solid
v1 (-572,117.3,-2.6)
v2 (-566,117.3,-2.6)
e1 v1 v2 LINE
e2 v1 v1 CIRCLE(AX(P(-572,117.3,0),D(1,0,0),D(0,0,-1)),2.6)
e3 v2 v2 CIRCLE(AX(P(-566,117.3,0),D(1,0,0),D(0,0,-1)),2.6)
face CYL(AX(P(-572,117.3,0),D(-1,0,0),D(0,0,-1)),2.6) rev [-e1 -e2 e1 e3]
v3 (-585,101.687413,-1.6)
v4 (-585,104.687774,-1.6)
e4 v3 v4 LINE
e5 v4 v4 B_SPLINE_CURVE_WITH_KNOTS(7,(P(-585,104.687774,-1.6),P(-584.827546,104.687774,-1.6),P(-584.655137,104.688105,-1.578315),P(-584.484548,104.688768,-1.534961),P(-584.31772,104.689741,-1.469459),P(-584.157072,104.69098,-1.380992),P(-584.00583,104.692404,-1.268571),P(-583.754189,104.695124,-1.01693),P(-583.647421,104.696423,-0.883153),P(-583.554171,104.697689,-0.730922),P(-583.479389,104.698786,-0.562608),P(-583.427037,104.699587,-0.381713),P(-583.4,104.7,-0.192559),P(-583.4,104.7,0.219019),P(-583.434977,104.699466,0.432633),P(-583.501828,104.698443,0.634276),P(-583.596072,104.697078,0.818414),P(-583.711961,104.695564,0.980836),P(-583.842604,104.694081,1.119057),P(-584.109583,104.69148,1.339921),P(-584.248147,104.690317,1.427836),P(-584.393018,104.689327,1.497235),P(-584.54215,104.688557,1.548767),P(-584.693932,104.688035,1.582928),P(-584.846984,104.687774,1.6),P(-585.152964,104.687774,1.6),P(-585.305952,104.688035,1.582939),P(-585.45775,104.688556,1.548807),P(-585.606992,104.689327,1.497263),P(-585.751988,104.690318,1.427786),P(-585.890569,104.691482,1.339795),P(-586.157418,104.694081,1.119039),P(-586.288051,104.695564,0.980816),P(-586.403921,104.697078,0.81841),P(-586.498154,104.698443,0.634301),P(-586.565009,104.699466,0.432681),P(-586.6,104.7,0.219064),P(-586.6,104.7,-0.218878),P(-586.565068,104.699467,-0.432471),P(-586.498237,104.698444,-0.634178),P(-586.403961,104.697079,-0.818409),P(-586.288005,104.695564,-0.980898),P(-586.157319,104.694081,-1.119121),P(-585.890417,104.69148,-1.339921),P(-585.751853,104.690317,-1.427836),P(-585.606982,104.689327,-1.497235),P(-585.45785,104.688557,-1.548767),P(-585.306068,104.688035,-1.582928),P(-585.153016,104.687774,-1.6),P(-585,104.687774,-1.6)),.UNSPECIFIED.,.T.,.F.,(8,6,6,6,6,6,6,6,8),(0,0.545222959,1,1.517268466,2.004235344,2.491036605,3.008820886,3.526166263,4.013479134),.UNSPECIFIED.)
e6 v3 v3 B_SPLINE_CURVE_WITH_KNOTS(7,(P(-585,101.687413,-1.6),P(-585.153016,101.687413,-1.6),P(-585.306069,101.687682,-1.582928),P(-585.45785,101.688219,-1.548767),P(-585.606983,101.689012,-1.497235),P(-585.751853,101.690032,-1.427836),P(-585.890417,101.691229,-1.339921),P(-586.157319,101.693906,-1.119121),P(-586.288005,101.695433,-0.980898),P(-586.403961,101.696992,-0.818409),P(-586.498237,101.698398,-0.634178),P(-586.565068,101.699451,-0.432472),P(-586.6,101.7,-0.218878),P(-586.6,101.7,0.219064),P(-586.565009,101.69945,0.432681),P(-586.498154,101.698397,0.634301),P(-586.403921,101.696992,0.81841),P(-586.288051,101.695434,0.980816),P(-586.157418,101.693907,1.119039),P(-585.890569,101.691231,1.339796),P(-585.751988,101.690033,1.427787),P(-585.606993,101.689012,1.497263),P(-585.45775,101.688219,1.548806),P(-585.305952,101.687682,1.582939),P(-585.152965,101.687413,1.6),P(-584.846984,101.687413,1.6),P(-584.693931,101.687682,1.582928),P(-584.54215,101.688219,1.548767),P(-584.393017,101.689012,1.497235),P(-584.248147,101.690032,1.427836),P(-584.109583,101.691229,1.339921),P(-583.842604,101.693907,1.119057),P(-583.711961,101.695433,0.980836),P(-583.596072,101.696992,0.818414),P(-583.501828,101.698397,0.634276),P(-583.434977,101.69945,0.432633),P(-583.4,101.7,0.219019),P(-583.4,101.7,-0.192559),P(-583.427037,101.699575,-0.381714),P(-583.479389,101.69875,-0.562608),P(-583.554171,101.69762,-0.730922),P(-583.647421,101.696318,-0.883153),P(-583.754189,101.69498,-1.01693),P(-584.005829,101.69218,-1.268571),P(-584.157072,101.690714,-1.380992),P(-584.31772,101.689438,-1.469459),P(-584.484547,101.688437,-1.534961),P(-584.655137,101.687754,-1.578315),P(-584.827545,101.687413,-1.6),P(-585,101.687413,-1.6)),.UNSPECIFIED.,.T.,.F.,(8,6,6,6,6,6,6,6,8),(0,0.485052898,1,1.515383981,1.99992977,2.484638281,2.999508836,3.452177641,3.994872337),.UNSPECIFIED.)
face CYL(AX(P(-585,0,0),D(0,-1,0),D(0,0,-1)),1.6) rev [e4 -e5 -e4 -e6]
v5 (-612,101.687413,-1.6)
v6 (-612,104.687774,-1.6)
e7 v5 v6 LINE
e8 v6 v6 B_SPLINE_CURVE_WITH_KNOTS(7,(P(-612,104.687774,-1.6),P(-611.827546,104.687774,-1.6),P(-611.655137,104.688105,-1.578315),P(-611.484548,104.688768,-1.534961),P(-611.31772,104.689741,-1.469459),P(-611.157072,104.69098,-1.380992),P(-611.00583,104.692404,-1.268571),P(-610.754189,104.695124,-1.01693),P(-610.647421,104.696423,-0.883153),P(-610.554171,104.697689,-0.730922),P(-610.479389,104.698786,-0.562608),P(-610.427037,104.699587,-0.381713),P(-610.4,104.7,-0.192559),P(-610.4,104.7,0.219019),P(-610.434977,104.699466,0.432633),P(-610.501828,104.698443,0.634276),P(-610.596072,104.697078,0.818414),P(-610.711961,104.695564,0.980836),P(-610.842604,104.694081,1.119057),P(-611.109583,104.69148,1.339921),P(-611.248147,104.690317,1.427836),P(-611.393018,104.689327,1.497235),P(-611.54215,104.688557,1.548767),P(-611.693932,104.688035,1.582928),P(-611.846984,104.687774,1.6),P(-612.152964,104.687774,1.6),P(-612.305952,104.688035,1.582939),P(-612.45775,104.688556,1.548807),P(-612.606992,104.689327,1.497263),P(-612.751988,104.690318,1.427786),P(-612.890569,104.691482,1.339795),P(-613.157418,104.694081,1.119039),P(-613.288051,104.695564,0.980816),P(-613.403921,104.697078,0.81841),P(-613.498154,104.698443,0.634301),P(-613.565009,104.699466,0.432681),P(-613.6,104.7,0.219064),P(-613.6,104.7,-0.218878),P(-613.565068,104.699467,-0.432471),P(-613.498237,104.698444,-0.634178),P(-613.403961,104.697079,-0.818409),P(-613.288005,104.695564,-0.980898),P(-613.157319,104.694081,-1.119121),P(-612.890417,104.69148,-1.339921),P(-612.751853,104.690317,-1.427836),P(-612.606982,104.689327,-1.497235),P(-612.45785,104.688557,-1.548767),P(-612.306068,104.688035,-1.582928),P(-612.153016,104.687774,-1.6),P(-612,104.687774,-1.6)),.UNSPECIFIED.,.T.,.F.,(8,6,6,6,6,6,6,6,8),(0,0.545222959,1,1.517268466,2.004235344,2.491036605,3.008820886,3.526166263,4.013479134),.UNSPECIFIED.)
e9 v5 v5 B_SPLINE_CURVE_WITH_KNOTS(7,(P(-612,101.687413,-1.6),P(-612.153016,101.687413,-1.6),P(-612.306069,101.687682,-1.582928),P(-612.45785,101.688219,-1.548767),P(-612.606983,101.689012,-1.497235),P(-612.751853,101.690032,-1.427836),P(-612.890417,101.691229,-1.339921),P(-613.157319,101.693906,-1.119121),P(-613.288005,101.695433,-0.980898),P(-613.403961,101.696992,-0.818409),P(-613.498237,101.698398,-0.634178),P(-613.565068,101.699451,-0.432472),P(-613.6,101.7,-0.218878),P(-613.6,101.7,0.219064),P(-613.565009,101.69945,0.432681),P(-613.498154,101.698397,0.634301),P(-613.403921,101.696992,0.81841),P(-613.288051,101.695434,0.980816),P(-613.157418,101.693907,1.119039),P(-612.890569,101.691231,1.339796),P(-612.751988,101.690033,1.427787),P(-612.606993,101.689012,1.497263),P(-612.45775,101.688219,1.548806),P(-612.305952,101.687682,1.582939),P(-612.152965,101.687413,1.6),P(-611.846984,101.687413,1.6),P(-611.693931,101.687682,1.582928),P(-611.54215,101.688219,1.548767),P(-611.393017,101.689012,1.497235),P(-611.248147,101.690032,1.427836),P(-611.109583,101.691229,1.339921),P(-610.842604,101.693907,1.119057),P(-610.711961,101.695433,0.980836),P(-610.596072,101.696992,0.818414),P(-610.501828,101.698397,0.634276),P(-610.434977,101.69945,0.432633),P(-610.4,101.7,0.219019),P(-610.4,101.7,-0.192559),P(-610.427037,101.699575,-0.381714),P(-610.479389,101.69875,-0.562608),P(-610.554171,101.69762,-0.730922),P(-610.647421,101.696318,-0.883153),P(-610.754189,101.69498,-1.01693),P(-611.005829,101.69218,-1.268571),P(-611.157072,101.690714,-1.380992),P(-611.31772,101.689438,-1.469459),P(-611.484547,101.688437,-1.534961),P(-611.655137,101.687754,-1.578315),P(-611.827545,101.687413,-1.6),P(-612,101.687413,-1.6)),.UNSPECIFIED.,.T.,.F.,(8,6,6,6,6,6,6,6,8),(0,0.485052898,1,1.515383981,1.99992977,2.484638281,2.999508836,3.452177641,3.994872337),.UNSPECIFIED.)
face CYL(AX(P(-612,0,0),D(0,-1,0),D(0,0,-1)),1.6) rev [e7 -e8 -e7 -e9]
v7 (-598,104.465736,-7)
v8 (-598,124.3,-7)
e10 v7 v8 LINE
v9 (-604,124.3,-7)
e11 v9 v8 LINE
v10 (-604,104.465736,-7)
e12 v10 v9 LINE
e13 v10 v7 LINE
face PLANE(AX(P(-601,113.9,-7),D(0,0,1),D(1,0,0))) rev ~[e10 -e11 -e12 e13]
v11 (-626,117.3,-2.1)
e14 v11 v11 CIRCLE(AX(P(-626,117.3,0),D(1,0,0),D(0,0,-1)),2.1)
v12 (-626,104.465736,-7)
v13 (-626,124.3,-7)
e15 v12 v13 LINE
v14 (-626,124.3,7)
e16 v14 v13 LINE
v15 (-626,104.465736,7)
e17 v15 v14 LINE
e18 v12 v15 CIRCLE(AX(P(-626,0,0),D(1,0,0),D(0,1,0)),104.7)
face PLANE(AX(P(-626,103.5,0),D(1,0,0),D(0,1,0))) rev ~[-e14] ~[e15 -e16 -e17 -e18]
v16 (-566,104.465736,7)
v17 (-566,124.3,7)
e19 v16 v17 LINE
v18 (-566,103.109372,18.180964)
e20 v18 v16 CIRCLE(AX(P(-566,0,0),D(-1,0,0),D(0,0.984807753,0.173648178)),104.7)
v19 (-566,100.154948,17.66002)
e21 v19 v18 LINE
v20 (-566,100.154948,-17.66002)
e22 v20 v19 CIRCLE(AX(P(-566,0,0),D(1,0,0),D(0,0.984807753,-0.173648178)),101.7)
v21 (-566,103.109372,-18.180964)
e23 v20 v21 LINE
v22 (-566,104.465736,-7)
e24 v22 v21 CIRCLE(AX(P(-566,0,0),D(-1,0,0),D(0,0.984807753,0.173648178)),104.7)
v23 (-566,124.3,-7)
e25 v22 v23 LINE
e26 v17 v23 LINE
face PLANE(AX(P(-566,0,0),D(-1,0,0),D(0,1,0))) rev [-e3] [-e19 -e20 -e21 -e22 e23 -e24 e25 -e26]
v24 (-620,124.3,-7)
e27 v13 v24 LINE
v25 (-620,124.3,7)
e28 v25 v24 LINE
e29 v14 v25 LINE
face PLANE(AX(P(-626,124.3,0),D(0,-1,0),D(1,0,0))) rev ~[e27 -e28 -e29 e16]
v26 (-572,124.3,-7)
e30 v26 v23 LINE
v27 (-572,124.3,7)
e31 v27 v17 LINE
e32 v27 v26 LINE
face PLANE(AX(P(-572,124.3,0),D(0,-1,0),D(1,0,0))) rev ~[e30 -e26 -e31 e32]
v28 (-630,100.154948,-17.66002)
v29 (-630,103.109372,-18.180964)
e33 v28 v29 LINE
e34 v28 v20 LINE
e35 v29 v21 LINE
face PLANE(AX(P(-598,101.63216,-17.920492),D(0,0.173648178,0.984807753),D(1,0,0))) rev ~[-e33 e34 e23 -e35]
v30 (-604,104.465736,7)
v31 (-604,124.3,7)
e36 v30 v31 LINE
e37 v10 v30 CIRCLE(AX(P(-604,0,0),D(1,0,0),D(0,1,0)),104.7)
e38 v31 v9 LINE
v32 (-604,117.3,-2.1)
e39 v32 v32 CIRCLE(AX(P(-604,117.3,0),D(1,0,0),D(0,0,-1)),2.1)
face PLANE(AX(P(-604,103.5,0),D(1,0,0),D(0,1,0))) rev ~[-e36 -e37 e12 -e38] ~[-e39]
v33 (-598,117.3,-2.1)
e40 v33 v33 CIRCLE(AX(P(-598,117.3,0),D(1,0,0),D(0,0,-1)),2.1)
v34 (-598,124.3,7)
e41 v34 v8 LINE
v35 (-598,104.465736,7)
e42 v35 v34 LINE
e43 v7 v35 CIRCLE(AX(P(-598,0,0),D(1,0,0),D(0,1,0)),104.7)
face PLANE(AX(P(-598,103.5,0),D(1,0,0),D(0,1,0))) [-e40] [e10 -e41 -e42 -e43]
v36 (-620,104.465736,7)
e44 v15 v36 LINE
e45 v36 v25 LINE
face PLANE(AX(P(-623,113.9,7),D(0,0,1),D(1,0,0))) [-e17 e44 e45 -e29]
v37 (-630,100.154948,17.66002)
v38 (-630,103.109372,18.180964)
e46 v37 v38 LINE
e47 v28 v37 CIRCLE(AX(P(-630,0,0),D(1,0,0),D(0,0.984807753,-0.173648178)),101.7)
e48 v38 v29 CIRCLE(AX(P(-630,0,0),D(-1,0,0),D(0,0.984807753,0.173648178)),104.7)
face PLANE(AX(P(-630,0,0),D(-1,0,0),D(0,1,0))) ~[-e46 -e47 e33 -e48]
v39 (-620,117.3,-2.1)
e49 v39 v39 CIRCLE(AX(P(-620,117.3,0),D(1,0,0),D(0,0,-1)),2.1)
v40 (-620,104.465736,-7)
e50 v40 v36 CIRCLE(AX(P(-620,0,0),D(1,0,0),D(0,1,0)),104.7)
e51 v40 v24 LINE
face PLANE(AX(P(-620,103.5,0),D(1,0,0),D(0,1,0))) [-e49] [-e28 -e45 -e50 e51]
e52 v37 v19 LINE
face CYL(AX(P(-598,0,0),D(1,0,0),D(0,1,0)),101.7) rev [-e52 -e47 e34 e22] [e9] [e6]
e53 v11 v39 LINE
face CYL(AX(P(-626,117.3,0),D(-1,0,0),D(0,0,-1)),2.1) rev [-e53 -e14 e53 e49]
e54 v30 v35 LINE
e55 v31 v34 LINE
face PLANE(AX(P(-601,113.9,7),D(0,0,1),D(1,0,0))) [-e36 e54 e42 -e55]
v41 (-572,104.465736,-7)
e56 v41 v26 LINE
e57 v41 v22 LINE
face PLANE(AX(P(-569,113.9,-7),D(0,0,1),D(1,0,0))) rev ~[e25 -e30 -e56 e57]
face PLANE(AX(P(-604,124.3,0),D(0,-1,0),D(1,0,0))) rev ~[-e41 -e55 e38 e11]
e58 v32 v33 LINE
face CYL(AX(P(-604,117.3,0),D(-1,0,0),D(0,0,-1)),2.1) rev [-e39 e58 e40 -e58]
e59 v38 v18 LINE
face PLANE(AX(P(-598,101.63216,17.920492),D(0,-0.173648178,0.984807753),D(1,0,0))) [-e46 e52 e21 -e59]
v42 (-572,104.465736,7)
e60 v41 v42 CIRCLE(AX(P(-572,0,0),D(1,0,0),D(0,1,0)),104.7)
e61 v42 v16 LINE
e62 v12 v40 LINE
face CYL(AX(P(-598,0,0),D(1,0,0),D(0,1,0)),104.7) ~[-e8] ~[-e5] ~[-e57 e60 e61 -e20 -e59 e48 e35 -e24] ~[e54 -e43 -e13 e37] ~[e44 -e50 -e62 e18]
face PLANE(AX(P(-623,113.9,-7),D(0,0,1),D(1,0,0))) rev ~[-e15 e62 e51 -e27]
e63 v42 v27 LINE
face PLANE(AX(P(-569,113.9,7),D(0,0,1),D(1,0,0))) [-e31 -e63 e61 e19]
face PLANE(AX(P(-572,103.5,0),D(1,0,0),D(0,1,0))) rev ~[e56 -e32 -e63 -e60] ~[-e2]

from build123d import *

# Parameters (mm, degrees)
BASE_SKETCH_W           = 64
BASE_SKETCH_H           = 3
BASE_ANGLE              = 20
UPPER_EAR_SKETCH_W      = 6
UPPER_EAR_SKETCH_H      = 20.8
UPPER_EAR_DEPTH         = 7
LOWER_EAR_SKETCH_W      = 6
LOWER_EAR_SKETCH_H      = 20.8
LOWER_EAR_DEPTH         = 7
STOP_SKETCH_W           = 6
STOP_SKETCH_H           = 20.8
STOP_DEPTH              = 7
UPPER_EAR_HOLE_SKETCH_R = 2.1
UPPER_EAR_HOLE_DEPTH    = 6
LOWER_EAR_HOLE_SKETCH_R = 2.1
LOWER_EAR_HOLE_DEPTH    = 6
STOP_HOLE_SKETCH_R      = 2.6
STOP_HOLE_DEPTH         = 6
SCREW_HOLE_0_SKETCH_R   = 1.6
SCREW_HOLE_0_DEPTH      = 200
SCREW_HOLE_1_SKETCH_R   = 1.6
SCREW_HOLE_1_DEPTH      = 200


with BuildPart() as part:
    # Base Sketch → Base (revolve, symmetric)
    with BuildSketch(Plane.XY) as base_sk:
        with Locations((-598, 103.2)):
            Rectangle(BASE_SKETCH_W, BASE_SKETCH_H)
    revolve(axis=Axis((-3000, 0, 0), (1, 0, 0)), revolution_arc=BASE_ANGLE / 2)
    revolve(base_sk.sketch, axis=Axis((-3000, 0, 0), (-1, 0, 0)), revolution_arc=BASE_ANGLE / 2)

    # Upper Ear Sketch → Upper Ear (add, symmetric)
    with BuildSketch(Plane.XY):
        with Locations((-623, 113.9)):
            Rectangle(UPPER_EAR_SKETCH_W, UPPER_EAR_SKETCH_H)
    extrude(amount=UPPER_EAR_DEPTH, both=True)

    # Lower Ear Sketch → Lower Ear (add, symmetric)
    with BuildSketch(Plane.XY):
        with Locations((-601, 113.9)):
            Rectangle(LOWER_EAR_SKETCH_W, LOWER_EAR_SKETCH_H)
    extrude(amount=LOWER_EAR_DEPTH, both=True)

    # Stop Sketch → Stop (add, symmetric)
    with BuildSketch(Plane.XY):
        with Locations((-569, 113.9)):
            Rectangle(STOP_SKETCH_W, STOP_SKETCH_H)
    extrude(amount=STOP_DEPTH, both=True)

    # Upper Ear Hole Sketch → Upper Ear Hole (cut)
    with BuildSketch(Plane(origin=(-626, 0, 0), x_dir=(0, 0, -1), z_dir=(1, 0, 0))):
        with Locations((0, 117.3)):
            Circle(UPPER_EAR_HOLE_SKETCH_R)
    extrude(amount=UPPER_EAR_HOLE_DEPTH, mode=Mode.SUBTRACT)

    # Lower Ear Hole Sketch → Lower Ear Hole (cut)
    with BuildSketch(Plane(origin=(-604, 0, 0), x_dir=(0, 0, -1), z_dir=(1, 0, 0))):
        with Locations((0, 117.3)):
            Circle(LOWER_EAR_HOLE_SKETCH_R)
    extrude(amount=LOWER_EAR_HOLE_DEPTH, mode=Mode.SUBTRACT)

    # Stop Hole Sketch → Stop Hole (cut)
    with BuildSketch(Plane(origin=(-572, 0, 0), x_dir=(0, 0, -1), z_dir=(1, 0, 0))):
        with Locations((0, 117.3)):
            Circle(STOP_HOLE_SKETCH_R)
    extrude(amount=STOP_HOLE_DEPTH, mode=Mode.SUBTRACT)

    # Screw Hole 0 Sketch → Screw Hole 0 (cut)
    with BuildSketch(Plane(origin=(0, 0, 0), x_dir=(-1, 0, 0), z_dir=(0, 1, 0))):
        with Locations((585, 0)):
            Circle(SCREW_HOLE_0_SKETCH_R)
    extrude(amount=SCREW_HOLE_0_DEPTH, mode=Mode.SUBTRACT)

    # Screw Hole 1 Sketch → Screw Hole 1 (cut)
    with BuildSketch(Plane(origin=(0, 0, 0), x_dir=(-1, 0, 0), z_dir=(0, 1, 0))):
        with Locations((612, 0)):
            Circle(SCREW_HOLE_1_SKETCH_R)
    extrude(amount=SCREW_HOLE_1_DEPTH, mode=Mode.SUBTRACT)


solid = part.part
